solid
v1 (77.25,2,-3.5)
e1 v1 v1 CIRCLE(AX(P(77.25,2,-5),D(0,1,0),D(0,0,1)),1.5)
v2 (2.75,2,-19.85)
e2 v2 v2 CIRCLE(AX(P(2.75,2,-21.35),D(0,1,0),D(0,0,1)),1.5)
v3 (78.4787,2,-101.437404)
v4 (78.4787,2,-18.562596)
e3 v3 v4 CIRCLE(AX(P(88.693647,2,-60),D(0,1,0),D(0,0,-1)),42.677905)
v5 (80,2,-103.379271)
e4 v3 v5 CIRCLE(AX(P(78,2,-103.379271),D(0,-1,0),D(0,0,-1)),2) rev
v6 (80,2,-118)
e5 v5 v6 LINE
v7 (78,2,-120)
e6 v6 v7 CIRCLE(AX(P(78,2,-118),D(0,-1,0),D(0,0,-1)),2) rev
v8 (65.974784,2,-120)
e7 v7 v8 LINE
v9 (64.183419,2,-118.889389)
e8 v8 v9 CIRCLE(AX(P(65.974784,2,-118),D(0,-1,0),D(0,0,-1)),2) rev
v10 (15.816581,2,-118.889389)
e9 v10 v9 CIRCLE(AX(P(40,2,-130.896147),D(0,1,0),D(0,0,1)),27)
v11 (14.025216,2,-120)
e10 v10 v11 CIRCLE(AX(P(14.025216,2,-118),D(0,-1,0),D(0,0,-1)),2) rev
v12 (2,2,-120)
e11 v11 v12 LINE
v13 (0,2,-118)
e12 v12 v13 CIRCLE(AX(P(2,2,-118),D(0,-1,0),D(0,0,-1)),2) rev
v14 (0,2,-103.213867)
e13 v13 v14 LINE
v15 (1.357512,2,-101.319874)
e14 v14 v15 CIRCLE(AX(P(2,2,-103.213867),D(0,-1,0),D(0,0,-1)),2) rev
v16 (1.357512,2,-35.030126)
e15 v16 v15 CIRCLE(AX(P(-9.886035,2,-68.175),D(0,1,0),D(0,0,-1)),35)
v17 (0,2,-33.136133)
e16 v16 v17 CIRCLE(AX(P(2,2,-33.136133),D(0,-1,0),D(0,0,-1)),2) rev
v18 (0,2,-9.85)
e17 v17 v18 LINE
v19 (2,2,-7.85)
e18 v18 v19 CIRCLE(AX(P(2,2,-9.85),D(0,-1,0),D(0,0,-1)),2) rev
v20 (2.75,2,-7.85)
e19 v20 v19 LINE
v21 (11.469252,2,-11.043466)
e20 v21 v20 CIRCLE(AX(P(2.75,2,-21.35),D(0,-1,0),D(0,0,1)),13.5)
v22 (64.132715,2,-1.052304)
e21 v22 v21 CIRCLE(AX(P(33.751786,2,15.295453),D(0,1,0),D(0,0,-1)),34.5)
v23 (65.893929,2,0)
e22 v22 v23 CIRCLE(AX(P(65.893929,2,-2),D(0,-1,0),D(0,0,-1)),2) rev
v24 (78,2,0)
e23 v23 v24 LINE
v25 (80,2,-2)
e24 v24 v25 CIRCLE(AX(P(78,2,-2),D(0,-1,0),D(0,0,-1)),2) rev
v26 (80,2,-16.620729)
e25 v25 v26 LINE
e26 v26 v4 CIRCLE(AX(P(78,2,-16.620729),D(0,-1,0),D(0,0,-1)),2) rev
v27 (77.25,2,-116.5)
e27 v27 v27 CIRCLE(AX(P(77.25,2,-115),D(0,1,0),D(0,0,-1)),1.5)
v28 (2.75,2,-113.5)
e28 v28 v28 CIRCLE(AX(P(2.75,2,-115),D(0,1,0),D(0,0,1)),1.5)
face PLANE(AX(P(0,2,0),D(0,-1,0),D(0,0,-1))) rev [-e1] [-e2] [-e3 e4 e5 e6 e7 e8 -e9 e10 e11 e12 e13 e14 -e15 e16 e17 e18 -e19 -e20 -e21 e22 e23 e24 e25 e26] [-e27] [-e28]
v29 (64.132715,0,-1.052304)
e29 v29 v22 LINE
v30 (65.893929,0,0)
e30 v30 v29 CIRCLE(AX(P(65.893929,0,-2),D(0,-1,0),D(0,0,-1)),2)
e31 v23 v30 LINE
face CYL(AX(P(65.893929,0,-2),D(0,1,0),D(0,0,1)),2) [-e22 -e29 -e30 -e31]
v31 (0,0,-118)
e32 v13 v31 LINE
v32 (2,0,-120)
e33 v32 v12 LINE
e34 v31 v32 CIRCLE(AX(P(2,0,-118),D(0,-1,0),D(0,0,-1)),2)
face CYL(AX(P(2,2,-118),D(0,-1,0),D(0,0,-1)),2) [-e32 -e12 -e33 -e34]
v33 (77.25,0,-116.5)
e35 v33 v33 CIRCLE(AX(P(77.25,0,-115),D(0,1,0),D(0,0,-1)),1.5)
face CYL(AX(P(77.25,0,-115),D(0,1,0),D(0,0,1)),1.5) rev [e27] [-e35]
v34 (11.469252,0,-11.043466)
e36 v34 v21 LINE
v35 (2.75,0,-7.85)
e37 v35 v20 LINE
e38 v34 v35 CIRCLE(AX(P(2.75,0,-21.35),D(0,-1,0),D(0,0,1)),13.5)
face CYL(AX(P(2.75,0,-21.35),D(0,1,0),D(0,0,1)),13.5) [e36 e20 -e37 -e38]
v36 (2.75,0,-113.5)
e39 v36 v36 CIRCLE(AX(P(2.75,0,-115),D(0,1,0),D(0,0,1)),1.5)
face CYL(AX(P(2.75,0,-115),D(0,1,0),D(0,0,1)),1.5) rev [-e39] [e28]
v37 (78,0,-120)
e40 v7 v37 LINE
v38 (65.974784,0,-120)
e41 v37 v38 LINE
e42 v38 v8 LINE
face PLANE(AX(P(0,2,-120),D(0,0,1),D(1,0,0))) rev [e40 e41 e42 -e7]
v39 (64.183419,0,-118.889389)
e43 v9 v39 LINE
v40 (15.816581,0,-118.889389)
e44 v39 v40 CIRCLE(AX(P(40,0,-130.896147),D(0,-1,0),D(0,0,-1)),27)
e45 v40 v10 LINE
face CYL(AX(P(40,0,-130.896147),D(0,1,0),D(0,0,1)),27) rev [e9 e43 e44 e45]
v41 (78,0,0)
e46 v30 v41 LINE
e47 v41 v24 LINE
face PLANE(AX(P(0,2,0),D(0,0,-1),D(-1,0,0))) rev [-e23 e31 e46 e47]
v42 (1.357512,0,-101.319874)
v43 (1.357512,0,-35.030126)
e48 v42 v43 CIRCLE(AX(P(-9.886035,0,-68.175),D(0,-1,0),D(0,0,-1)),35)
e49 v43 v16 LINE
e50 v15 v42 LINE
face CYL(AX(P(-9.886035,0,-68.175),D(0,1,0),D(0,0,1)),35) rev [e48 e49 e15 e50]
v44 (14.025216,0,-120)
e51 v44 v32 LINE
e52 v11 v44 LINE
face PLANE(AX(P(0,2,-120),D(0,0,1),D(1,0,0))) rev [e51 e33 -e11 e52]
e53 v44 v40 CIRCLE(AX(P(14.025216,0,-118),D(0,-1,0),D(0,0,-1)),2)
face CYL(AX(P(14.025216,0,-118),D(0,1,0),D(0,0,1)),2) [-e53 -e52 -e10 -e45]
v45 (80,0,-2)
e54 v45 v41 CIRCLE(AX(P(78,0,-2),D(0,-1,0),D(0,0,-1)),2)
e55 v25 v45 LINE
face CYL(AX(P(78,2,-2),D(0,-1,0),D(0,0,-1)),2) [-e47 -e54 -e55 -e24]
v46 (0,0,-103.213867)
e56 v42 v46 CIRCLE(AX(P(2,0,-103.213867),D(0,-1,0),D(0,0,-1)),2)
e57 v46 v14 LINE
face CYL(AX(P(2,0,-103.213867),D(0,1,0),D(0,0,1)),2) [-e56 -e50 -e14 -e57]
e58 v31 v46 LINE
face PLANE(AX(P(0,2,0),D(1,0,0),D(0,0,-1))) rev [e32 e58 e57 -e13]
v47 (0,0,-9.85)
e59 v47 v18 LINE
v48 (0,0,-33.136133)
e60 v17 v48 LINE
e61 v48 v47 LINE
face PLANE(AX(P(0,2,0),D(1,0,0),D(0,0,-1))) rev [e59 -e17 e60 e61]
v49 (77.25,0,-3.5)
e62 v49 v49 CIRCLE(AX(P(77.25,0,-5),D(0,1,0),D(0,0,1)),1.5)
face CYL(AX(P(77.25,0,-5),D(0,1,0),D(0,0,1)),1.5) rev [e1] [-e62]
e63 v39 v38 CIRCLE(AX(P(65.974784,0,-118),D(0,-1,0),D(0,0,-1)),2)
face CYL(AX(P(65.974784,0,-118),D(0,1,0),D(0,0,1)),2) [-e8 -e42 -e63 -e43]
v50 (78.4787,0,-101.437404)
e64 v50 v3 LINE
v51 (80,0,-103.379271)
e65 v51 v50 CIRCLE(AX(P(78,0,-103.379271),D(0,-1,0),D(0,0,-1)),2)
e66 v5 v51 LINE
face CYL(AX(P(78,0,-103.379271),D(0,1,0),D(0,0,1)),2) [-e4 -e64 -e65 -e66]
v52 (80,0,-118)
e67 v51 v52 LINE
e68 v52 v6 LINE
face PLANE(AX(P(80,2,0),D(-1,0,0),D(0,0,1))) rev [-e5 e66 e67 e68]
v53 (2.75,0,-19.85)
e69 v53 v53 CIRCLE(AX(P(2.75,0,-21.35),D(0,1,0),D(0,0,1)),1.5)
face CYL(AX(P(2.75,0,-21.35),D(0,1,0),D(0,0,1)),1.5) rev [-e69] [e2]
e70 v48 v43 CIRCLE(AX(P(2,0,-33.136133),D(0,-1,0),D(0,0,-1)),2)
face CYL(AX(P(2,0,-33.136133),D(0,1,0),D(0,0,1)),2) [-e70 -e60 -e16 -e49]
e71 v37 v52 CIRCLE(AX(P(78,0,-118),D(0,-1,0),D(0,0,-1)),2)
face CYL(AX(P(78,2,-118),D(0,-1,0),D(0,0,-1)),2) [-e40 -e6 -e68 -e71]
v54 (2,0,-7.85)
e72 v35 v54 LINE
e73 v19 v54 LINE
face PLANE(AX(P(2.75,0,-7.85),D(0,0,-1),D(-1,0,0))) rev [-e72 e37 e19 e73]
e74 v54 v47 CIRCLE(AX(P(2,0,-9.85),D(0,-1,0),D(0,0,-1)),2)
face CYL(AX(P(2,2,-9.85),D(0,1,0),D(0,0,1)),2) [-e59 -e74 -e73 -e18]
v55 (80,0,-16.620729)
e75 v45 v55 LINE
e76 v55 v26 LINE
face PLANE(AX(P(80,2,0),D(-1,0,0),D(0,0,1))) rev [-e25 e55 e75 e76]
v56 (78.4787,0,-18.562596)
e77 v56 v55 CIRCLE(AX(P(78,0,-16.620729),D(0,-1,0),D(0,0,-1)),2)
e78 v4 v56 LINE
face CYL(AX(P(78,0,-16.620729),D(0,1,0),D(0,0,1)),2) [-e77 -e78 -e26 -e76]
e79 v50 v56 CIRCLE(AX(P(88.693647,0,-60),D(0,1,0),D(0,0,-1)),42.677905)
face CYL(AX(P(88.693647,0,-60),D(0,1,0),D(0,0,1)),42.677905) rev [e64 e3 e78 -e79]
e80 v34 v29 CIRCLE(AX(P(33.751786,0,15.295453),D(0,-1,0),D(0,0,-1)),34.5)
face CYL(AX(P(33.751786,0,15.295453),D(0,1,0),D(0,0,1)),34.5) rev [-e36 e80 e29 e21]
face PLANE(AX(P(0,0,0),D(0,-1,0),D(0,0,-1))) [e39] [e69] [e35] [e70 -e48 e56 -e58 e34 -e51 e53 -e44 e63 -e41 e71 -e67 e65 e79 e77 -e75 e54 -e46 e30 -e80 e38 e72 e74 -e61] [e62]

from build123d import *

# Parameters (mm, degrees)
SKETCH1_W           = 80
SKETCH1_H           = 120
BOSS_EXTRUDE1_DEPTH = 2
SKETCH2_R           = 1.5
CUT_EXTRUDE1_DEPTH  = 145.235917857
CUT_EXTRUDE2_DEPTH  = 145.235917857
FILLET1_R           = 2


with BuildPart() as part:
    # Sketch1 → Boss-Extrude1 (new body)
    with BuildSketch(Plane(origin=(0, 0, 0), x_dir=(1, 0, 0), z_dir=(0, 1, 0))):
        with Locations((40, 60)):
            Rectangle(SKETCH1_W, SKETCH1_H)
    extrude(amount=BOSS_EXTRUDE1_DEPTH)

    # Sketch2 → Cut-Extrude1 (cut, through all)
    with BuildSketch(Plane(origin=(0, 2, 0), x_dir=(1, 0, 0), z_dir=(0, 1, 0))):
        with Locations(Location((2.75, 115, 0), (0, 0, 270))):
            Circle(SKETCH2_R)
        with Locations(Location((77.25, 115, 0), (0, 0, 90))):
            Circle(SKETCH2_R)
        with Locations(Location((77.25, 5, 0), (0, 0, 270))):
            Circle(SKETCH2_R)
        with Locations(Location((2.75, 21.35, 0), (0, 0, 270))):
            Circle(SKETCH2_R)
    extrude(amount=-CUT_EXTRUDE1_DEPTH, mode=Mode.SUBTRACT)

    # Sketch3 → Cut-Extrude2 (cut, through all)
    with BuildSketch(Plane(origin=(0, 2, 0), x_dir=(1, 0, 0), z_dir=(0, 1, 0))):
        with BuildLine():
            Line((2.75, 128.5), (77.25, 128.5))
            ThreePointArc((77.25, 128.5), (69.809659383, 126.264605253), (64.833333333, 120.298715777))
            ThreePointArc((64.833333333, 120.298715777), (40, 103.896147332), (15.166666667, 120.298715777))
            ThreePointArc((15.166666667, 120.298715777), (10.190340617, 126.264605253), (2.75, 128.5))
        make_face()
        with BuildLine():
            Line((-10.75, 115), (-10.75, 21.35))
            ThreePointArc((-10.75, 21.35), (-7.967575093, 29.558750461), (-0.767246795, 34.383762887))
            ThreePointArc((-0.767246795, 34.383762887), (25.113965218, 68.175), (-0.767246795, 101.966237113))
            ThreePointArc((-0.767246795, 101.966237113), (-7.967575093, 106.791249539), (-10.75, 115))
        make_face()
        with BuildLine():
            Line((-10.75, 7.85), (-10.75, -8.5))
            Line((-10.75, -8.5), (77.25, -8.5))
            ThreePointArc((77.25, -8.5), (69.997734791, -6.386599551), (65.016127441, -0.708096198))
            ThreePointArc((65.016127441, -0.708096198), (41.147259356, 18.402573211), (11.469252441, 11.043466302))
            ThreePointArc((11.469252441, 11.043466302), (7.392832922, 8.673482242), (2.75, 7.85))
            Line((2.75, 7.85), (-10.75, 7.85))
        make_face()
        with BuildLine():
            Line((90.75, 5), (90.75, 115))
            ThreePointArc((90.75, 115), (87.723180033, 106.481637481), (80, 101.783060112))
            ThreePointArc((80, 101.783060112), (46.015741918, 60), (80, 18.216939888))
            ThreePointArc((80, 18.216939888), (87.723180033, 13.518362519), (90.75, 5))
        make_face()
    extrude(amount=-CUT_EXTRUDE2_DEPTH, mode=Mode.SUBTRACT)

    # Fillet1
    fillet1_edges = [part.edges().sort_by_distance(p)[0] for p in [
        (0, 1, -101.749786914),
        (0, 1, -34.600213086),
        (64.675872748, 1, 0),
        (0, 1, -7.85),
        (80, 1, -18.216939888),
        (80, 1, -101.783060112),
        (0, 1, -120),
        (80, 1, -120),
        (64.703723876, 1, -120),
        (80, 1, 0),
        (15.296276124, 1, -120),
    ]]
    fillet(fillet1_edges, radius=FILLET1_R)


solid = part.part
